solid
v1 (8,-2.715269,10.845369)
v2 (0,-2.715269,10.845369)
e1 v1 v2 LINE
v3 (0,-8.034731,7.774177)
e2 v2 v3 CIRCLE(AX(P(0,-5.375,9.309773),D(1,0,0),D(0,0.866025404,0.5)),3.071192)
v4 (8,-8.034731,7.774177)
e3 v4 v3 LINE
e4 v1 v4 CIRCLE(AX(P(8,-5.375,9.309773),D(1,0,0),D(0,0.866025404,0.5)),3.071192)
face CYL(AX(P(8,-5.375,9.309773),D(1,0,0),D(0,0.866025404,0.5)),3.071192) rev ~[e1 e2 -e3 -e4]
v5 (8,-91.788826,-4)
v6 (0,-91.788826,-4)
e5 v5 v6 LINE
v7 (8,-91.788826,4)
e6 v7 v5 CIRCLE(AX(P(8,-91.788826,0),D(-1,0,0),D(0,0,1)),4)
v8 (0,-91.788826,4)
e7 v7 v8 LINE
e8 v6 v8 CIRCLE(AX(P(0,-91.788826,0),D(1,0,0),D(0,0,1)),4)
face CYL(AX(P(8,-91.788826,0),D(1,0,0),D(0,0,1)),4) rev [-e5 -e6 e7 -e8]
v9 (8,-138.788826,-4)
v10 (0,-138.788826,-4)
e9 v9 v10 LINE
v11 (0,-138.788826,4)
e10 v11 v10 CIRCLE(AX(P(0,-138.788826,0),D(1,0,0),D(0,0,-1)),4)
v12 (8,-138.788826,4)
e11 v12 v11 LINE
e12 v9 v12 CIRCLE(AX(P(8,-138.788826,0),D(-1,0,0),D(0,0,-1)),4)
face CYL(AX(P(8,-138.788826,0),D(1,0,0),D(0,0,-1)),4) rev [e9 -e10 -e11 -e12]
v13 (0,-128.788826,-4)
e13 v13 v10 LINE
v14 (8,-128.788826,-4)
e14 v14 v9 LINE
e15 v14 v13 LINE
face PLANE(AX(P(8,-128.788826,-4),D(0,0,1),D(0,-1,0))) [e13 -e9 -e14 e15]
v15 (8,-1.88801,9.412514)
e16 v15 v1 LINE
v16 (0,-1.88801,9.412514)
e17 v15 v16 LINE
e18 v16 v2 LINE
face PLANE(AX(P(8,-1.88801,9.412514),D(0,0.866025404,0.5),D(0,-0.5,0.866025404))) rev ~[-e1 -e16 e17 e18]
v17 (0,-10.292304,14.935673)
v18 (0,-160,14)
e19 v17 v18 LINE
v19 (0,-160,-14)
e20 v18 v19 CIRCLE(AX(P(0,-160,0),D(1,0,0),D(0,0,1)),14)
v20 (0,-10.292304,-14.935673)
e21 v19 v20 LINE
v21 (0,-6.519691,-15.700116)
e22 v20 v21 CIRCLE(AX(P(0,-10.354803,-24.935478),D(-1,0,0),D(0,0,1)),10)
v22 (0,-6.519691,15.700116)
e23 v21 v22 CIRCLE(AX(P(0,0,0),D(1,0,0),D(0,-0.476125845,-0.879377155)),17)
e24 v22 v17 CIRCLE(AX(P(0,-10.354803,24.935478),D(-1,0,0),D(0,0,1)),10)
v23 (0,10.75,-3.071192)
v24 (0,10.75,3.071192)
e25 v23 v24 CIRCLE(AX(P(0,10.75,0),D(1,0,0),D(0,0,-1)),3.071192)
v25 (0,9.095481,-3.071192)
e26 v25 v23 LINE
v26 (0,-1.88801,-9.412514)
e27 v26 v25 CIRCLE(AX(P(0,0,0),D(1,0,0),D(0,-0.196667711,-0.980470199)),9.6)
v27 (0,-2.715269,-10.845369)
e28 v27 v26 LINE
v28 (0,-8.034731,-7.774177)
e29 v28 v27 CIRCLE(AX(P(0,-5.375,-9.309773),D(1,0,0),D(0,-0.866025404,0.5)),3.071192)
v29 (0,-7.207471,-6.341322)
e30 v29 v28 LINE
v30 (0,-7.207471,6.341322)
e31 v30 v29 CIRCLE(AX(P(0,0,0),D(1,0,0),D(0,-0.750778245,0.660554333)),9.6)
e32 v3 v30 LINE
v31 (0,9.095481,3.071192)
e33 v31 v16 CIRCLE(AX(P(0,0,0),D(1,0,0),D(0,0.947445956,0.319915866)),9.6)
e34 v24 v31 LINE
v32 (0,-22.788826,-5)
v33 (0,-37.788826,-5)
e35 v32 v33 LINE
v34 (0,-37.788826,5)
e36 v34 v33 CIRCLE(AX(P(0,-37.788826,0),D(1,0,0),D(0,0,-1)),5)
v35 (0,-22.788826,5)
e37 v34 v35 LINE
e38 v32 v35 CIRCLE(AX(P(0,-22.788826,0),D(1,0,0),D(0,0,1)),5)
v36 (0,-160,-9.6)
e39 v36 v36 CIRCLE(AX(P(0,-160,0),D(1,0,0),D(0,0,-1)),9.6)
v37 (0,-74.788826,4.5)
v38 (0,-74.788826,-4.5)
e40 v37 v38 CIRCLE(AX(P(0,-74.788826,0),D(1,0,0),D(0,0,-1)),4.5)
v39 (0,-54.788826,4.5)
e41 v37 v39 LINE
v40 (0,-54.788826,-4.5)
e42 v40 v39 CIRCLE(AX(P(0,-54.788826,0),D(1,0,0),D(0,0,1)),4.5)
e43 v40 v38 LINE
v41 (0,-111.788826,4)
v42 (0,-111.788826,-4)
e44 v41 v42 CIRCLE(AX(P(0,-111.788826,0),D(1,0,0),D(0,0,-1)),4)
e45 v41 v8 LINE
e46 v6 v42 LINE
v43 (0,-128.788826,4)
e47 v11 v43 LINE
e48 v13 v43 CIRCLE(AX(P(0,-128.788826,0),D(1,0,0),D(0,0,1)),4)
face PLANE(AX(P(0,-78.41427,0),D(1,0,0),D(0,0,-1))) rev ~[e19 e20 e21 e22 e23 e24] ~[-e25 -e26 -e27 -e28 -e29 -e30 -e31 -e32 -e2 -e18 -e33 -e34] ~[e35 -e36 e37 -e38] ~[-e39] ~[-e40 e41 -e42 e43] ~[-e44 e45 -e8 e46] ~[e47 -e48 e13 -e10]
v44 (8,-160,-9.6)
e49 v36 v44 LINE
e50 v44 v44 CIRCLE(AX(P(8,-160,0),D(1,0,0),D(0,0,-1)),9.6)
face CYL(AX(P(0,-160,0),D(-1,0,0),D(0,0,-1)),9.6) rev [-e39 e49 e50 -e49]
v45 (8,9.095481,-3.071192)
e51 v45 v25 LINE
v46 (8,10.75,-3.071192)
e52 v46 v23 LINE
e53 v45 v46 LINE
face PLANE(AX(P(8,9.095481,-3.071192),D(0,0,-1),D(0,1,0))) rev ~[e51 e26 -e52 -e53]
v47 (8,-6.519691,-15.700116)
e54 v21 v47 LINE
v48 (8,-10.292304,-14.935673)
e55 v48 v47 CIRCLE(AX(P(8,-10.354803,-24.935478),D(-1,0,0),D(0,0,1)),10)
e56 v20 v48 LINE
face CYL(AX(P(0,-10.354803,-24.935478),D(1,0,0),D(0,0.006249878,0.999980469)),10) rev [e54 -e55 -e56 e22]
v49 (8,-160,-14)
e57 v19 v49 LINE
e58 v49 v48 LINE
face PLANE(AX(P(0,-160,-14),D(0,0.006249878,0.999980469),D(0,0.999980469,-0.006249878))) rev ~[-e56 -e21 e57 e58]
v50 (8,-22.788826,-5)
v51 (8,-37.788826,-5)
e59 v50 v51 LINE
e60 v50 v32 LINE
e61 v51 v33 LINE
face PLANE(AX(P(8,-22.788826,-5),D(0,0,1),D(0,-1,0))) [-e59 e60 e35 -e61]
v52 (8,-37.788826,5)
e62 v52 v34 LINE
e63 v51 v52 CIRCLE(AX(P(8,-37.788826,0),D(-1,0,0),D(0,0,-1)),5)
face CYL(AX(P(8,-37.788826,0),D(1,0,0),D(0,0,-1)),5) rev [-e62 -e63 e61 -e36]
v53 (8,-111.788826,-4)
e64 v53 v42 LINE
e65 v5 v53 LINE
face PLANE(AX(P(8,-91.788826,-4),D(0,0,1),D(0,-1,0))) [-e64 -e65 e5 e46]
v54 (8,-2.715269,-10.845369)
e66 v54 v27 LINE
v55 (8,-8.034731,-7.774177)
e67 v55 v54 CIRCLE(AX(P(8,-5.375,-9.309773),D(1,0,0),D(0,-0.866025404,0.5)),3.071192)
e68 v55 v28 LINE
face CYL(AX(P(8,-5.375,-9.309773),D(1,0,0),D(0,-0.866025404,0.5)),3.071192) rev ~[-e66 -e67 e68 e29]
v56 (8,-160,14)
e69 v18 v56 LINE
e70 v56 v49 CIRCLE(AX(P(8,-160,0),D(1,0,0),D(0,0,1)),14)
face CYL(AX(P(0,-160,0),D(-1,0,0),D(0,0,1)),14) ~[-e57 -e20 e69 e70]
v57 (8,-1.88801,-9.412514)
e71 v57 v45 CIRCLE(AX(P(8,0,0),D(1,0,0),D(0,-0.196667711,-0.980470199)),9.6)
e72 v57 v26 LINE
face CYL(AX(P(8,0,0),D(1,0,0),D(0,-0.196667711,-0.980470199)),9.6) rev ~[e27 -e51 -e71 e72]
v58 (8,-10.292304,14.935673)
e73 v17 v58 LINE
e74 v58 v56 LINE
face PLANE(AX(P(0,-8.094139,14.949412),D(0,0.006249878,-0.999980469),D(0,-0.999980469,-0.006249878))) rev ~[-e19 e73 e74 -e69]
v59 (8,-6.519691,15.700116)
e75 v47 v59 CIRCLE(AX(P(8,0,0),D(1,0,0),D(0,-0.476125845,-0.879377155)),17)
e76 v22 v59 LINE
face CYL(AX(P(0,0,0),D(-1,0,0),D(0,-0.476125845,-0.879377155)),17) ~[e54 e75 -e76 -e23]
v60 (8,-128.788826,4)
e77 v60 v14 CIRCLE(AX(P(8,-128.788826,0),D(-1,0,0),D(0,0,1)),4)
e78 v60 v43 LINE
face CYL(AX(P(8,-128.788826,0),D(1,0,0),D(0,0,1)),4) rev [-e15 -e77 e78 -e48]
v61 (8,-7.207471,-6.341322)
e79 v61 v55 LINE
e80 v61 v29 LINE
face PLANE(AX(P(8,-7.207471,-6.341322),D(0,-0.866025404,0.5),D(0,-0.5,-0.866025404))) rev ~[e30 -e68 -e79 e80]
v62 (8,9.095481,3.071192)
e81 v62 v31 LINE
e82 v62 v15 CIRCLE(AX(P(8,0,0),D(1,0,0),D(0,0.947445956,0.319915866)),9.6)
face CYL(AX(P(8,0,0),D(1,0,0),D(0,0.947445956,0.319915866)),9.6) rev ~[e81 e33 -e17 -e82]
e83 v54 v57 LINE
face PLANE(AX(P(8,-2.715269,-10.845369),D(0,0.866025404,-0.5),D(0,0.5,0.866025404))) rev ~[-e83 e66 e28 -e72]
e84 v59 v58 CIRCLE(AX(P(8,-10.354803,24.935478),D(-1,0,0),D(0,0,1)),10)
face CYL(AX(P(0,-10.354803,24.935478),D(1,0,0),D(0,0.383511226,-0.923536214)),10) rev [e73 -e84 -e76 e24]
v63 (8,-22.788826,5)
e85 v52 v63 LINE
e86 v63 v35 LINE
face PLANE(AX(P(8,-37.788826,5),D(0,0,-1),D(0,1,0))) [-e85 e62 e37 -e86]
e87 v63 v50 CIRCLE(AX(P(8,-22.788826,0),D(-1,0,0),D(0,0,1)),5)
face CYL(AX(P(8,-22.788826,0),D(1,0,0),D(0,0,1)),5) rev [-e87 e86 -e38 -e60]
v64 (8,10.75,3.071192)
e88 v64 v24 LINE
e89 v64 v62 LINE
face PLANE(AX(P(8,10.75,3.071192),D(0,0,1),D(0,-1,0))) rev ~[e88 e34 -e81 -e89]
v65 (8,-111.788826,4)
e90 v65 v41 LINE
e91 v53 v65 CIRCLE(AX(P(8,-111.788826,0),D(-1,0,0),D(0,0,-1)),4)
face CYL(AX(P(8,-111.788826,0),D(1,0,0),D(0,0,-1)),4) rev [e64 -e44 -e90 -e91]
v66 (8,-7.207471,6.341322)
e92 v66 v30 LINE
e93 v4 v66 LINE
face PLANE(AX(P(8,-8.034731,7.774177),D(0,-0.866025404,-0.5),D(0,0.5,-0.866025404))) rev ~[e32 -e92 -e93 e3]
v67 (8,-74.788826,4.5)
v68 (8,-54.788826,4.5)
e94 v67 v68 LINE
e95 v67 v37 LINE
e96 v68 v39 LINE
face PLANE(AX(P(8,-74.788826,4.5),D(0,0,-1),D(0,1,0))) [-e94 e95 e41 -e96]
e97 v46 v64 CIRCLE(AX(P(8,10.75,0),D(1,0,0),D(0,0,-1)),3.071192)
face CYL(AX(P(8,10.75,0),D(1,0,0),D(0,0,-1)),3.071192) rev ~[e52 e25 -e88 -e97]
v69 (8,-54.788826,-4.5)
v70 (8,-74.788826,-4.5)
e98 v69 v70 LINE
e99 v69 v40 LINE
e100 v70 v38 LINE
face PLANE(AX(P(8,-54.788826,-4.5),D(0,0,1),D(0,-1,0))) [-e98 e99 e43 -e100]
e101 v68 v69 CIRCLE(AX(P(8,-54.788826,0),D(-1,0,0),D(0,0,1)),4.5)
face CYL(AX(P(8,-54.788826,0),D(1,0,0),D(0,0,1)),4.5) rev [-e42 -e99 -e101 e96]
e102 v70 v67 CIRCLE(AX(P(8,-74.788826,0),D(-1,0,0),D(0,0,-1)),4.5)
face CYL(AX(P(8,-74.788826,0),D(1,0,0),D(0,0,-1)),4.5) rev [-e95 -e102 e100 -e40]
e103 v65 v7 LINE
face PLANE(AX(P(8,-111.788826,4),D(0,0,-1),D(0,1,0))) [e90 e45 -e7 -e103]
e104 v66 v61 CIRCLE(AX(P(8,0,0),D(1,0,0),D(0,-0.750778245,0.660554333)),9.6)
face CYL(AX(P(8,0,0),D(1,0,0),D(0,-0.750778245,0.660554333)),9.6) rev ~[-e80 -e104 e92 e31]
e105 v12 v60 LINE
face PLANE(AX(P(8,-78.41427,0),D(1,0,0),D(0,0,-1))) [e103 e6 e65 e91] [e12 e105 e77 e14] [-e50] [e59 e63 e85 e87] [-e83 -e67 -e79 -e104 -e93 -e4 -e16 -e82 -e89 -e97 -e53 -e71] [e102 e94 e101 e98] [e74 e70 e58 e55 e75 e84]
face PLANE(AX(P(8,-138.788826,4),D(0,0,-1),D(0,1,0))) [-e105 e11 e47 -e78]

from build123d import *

# Parameters (mm, degrees)
SKETCH_3_R          = 9.6
EXTRUDE_1_DEPTH     = 8
CUT_EXTRUDE_3_DEPTH = 10
FILLET_1_R          = 10
CUT_EXTRUDE_4_DEPTH = 10


with BuildPart() as part:
    # 草图3 → 凸台-拉伸1 (new body)
    with BuildSketch(Plane(origin=(0, 0, 0), x_dir=(0, 0, -1), z_dir=(1, 0, 0))):
        with BuildLine():
            Line((14, -160), (14.949411629, -8.094139358))
            ThreePointArc((14.949411629, -8.094139358), (0, 17), (-14.949411629, -8.094139358))
            Line((-14.949411629, -8.094139358), (-14, -160))
            ThreePointArc((-14, -160), (0, -174), (14, -160))
        make_face()
        with Locations((0, -160)):
            Circle(SKETCH_3_R, mode=Mode.SUBTRACT)
    extrude(amount=EXTRUDE_1_DEPTH)

    # 草图6 → 切除-拉伸3 (cut)
    with BuildSketch(Plane(origin=(8, 0, 0), x_dir=(0, 0, -1), z_dir=(1, 0, 0))):
        with BuildLine():
            Line((5, -22.788825977), (5, -37.788825977))
            ThreePointArc((5, -37.788825977), (0, -42.788825977), (-5, -37.788825977))
            Line((-5, -37.788825977), (-5, -22.788825977))
            ThreePointArc((-5, -22.788825977), (0, -17.788825977), (5, -22.788825977))
        make_face()
        with BuildLine():
            Line((4.5, -54.788825977), (4.5, -74.788825977))
            ThreePointArc((4.5, -74.788825977), (0, -79.288825977), (-4.5, -74.788825977))
            Line((-4.5, -74.788825977), (-4.5, -54.788825977))
            ThreePointArc((-4.5, -54.788825977), (0, -50.288825977), (4.5, -54.788825977))
        make_face()
        with BuildLine():
            Line((4, -91.788825977), (4, -111.788825977))
            ThreePointArc((4, -111.788825977), (0, -115.788825977), (-4, -111.788825977))
            Line((-4, -111.788825977), (-4, -91.788825977))
            ThreePointArc((-4, -91.788825977), (0, -87.788825977), (4, -91.788825977))
        make_face()
        with BuildLine():
            Line((4, -128.788825977), (4, -138.788825977))
            ThreePointArc((4, -138.788825977), (0, -142.788825977), (-4, -138.788825977))
            Line((-4, -138.788825977), (-4, -128.788825977))
            ThreePointArc((-4, -128.788825977), (0, -124.788825977), (4, -128.788825977))
        make_face()
    extrude(amount=-CUT_EXTRUDE_3_DEPTH, mode=Mode.SUBTRACT)

    # 圆角1
    fillet_1_edges = [part.edges().sort_by_distance(p)[0] for p in [
        (4, -8.094139358, 14.949411629),
        (4, -8.094139358, -14.949411629),
    ]]
    fillet(fillet_1_edges, radius=FILLET_1_R)

    # 草图4 → 切除-拉伸4 (cut)
    with BuildSketch(Plane(origin=(8, 0, 0), x_dir=(0, 0, -1), z_dir=(1, 0, 0))):
        with BuildLine():
            Line((-3.071192312, 10.75), (-3.071192312, 9.095481174))
            ThreePointArc((-3.071192312, 9.095481174), (-8.313843876, 4.8), (-9.412513912, -1.888010025))
            Line((-9.412513912, -1.888010025), (-10.845369247, -2.715269438))
            ThreePointArc((-10.845369247, -2.715269438), (-11.969503653, -6.910596156), (-7.774176935, -8.034730562))
            Line((-7.774176935, -8.034730562), (-6.3413216, -7.207471149))
            ThreePointArc((-6.3413216, -7.207471149), (0, -9.6), (6.3413216, -7.207471149))
            Line((6.3413216, -7.207471149), (7.774176935, -8.034730562))
            ThreePointArc((7.774176935, -8.034730562), (11.969503653, -6.910596156), (10.845369247, -2.715269438))
            Line((10.845369247, -2.715269438), (9.412513912, -1.888010025))
            ThreePointArc((9.412513912, -1.888010025), (8.313843876, 4.8), (3.071192312, 9.095481174))
            Line((3.071192312, 9.095481174), (3.071192312, 10.75))
            ThreePointArc((3.071192312, 10.75), (0, 13.821192312), (-3.071192312, 10.75))
        make_face()
    extrude(amount=-CUT_EXTRUDE_4_DEPTH, mode=Mode.SUBTRACT)


solid = part.part
